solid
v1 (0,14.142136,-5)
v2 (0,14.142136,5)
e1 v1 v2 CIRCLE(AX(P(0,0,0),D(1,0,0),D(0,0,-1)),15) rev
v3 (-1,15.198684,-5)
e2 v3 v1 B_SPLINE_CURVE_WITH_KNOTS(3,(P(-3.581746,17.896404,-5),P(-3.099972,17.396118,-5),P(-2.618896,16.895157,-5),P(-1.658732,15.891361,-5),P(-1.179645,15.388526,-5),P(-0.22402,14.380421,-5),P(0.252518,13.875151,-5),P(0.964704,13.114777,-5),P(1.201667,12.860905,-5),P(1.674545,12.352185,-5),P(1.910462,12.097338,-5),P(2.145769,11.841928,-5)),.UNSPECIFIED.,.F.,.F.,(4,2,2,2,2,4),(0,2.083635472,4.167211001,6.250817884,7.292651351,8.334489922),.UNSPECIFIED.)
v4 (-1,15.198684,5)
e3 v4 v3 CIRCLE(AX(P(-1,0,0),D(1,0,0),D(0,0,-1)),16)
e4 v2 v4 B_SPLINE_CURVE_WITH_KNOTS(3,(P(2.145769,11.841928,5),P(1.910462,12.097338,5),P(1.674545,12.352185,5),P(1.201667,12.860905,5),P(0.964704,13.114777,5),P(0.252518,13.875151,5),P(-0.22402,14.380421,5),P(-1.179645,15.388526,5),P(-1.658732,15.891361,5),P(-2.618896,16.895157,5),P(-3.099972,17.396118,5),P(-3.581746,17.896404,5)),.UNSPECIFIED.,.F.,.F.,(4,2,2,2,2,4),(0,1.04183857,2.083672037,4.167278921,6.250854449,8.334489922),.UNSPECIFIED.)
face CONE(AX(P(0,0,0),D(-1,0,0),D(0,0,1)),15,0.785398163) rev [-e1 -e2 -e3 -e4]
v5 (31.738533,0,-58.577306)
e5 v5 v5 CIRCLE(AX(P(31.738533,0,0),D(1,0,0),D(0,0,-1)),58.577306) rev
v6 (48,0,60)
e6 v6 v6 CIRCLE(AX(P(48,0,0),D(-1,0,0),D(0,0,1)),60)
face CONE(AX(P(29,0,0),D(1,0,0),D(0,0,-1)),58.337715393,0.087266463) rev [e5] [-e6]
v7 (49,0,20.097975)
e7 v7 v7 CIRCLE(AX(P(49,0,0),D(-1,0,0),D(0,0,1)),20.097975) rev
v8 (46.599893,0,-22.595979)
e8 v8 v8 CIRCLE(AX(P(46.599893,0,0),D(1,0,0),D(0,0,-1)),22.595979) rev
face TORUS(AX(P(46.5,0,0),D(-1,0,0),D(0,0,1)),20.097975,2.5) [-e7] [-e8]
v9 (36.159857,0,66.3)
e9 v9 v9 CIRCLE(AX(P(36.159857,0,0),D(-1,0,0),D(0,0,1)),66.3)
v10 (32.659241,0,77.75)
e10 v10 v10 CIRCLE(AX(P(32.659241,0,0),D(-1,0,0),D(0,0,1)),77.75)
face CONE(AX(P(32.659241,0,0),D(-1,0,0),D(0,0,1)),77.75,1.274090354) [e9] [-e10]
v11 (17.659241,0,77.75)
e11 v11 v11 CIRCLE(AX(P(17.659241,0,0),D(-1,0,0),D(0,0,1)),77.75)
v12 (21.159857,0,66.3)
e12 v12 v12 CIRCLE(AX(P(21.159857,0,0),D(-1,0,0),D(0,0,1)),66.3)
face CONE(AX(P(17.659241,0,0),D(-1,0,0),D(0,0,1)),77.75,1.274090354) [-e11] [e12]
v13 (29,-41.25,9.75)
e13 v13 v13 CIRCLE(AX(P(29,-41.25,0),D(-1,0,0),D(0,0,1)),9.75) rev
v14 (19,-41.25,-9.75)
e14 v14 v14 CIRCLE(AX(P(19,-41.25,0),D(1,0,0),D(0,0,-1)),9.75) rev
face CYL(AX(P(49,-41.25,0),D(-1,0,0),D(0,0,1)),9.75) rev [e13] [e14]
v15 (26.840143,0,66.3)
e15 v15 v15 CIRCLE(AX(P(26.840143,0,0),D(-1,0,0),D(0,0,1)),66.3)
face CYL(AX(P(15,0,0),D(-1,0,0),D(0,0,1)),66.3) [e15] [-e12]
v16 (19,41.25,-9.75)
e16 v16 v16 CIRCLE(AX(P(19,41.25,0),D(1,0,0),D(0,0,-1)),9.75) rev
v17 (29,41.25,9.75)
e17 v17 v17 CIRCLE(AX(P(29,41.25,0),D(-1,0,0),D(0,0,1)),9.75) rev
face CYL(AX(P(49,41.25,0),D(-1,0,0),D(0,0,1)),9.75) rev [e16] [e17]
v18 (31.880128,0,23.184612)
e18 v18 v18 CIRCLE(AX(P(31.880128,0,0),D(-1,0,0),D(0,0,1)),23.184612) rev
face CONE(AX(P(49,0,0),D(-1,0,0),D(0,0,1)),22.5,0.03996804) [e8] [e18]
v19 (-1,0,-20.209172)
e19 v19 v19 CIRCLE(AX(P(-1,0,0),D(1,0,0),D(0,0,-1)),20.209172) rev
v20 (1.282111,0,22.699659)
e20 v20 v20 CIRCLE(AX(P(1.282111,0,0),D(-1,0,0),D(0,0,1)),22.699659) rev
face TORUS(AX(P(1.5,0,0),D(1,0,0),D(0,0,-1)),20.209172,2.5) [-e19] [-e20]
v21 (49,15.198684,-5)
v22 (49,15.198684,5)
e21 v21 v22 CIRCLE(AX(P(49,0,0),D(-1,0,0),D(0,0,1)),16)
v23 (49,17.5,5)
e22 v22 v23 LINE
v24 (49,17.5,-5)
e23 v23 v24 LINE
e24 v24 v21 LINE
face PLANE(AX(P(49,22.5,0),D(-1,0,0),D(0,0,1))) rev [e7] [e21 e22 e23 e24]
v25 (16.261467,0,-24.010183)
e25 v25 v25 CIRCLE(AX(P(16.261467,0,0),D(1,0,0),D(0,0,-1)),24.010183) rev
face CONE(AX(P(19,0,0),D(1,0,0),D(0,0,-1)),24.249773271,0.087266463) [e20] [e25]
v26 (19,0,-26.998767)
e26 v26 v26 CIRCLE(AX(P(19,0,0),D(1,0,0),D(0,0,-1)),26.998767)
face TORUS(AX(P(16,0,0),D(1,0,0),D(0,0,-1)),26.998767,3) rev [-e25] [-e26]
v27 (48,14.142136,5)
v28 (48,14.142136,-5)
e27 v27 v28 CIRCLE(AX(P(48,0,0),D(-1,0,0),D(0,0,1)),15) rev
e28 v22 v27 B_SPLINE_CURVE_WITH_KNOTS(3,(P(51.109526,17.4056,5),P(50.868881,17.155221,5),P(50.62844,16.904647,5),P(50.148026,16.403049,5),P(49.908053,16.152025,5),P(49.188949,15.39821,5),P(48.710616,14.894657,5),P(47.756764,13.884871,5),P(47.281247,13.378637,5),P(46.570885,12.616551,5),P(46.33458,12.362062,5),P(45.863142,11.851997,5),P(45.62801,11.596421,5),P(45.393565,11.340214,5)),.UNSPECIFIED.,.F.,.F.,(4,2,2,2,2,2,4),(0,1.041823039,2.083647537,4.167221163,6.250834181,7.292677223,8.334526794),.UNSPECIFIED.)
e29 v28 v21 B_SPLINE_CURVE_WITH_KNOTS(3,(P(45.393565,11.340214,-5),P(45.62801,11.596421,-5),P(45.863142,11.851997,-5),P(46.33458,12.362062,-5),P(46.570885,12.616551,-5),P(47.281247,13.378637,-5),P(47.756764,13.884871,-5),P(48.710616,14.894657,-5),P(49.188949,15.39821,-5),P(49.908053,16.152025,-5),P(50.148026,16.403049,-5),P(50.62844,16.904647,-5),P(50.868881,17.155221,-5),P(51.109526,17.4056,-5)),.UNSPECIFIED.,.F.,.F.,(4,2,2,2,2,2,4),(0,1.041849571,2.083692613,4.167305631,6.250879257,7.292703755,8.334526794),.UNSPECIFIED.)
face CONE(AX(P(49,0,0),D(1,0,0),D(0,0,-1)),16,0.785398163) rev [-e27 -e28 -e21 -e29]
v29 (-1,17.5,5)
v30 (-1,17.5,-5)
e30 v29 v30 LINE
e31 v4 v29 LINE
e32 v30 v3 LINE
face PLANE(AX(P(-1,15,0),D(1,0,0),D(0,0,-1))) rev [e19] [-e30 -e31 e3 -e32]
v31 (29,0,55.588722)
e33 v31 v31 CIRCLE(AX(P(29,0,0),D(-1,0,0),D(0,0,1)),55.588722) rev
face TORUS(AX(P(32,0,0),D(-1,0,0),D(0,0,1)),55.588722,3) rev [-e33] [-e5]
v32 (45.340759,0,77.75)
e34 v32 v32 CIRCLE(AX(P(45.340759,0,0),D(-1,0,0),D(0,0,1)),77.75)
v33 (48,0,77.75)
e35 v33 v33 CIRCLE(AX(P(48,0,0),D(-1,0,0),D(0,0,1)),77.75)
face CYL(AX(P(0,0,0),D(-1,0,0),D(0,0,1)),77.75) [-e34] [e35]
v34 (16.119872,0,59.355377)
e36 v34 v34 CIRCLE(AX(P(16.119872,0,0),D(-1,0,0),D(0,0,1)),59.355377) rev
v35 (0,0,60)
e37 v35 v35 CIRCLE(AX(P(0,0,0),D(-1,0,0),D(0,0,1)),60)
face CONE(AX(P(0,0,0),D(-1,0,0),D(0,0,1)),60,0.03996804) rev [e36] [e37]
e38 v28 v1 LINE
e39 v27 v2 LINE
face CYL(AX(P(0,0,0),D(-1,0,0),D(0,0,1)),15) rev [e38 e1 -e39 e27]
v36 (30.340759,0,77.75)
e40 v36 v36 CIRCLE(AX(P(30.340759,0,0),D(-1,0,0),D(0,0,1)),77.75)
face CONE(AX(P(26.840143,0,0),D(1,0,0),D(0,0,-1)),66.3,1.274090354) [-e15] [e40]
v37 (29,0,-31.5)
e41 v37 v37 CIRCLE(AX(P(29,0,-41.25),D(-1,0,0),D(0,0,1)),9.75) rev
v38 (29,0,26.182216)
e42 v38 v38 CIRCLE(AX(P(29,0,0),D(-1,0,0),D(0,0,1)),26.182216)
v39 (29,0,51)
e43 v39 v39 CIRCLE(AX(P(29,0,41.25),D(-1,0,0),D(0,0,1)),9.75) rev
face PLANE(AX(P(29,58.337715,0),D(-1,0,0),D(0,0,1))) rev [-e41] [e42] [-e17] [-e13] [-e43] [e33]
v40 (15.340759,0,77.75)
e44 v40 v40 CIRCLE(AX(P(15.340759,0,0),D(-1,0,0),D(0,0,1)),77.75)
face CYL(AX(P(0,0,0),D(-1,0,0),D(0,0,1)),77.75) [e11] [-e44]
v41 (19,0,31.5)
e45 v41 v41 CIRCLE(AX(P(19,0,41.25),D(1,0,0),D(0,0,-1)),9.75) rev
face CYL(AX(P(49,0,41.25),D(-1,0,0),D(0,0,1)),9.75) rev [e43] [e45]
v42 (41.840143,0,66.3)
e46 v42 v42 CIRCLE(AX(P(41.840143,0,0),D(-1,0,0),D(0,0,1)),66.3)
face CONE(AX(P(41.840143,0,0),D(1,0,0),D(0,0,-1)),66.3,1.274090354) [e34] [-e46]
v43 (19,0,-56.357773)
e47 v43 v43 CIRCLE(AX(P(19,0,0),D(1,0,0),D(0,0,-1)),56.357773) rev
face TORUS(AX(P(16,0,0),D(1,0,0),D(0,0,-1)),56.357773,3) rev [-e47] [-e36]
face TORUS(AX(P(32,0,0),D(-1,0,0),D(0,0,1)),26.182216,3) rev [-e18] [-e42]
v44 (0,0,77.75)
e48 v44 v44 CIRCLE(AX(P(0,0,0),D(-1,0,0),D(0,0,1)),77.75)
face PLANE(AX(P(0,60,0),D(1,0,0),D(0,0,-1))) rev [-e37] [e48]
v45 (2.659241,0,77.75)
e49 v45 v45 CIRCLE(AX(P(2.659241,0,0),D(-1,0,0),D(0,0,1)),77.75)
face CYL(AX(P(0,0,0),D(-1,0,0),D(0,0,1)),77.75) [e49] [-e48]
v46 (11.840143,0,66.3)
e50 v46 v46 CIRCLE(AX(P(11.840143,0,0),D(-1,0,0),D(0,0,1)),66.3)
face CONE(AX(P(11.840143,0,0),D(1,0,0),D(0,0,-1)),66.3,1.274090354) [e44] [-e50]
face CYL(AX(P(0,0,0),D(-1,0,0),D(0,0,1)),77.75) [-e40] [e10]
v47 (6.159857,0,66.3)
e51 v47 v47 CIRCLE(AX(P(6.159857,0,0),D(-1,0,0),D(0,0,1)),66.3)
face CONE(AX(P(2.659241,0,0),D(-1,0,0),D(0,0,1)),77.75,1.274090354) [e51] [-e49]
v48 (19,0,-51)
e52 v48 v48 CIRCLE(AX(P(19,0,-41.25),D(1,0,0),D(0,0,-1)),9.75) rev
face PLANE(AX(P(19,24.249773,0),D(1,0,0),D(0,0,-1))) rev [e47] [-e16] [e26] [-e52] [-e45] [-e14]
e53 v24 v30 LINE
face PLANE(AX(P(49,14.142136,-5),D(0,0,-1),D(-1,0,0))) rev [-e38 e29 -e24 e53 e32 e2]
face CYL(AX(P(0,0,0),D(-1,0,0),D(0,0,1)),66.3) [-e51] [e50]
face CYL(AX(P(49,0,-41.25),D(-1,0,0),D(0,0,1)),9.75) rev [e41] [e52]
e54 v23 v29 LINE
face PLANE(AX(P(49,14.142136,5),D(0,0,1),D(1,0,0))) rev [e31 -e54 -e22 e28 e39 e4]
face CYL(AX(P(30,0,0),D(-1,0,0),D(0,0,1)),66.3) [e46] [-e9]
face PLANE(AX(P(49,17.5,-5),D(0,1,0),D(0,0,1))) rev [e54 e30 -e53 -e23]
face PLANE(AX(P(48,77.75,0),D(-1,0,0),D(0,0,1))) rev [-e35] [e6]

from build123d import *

# Parameters (mm, degrees)
PATTERN_LINEAR_961_COUNT    = 3
PATTERN_LINEAR_961_PITCH    = 15
CHAMFER_1_SIZE              = 1
SKETCH_4_W                  = 10
SKETCH_4_H                  = 3.357864376
CUT_EXTRUDE_1_DEPTH         = 121.789589783
FILLET_1_R                  = 3
FILLET_2_R                  = 2.5
SKETCH_5_R                  = 9.75
CUT_EXTRUDE_2_DEPTH         = 121.379088716
PATTERN_CIRCULAR_1909_COUNT = 4


with BuildPart() as part:
    # 草图1 → 旋转1 (revolve)
    with BuildSketch(Plane.XY, mode=Mode.PRIVATE) as revolve_1_sk:
        Polygon((-1, 15), (-1, 22.5), (19, 24.249773271), (19, 59.240202621), (0, 60), (0, 77.75), (48, 77.75), (48, 60), (29, 58.337715393), (29, 23.299786714), (49, 22.5), (49, 15), align=None)
    revolve(revolve_1_sk.sketch.rotate(Axis((0, 0, 0), (1, 0, 0)), 90), axis=Axis((0, 0, 0), (1, 0, 0)))

    # 草图2 → 切除-旋转1 (revolve, cut)
    with BuildSketch(Plane.XY, mode=Mode.PRIVATE) as cut_revolve_1_sk:
        Polygon((11.840143071, 66.3), (15.340759374, 77.75), (2.659240626, 77.75), (6.159856929, 66.3), align=None)
    cut_revolve_1 = revolve(cut_revolve_1_sk.sketch.rotate(Axis((0, 0, 0), (1, 0, 0)), 90), axis=Axis((0, 0, 0), (1, 0, 0)), mode=Mode.SUBTRACT)

    # Pattern Linear 961: 切除-旋转1 ×3
    with Locations(*[(i * PATTERN_LINEAR_961_PITCH, 0, 0) for i in range(1, PATTERN_LINEAR_961_COUNT)]):
        add(cut_revolve_1, mode=Mode.SUBTRACT)

    # 倒角1
    chamfer_1_edges = [part.edges().sort_by_distance(p)[0] for p in [
        (-1, 0, -15),
        (49, 0, -15),
    ]]
    chamfer(chamfer_1_edges, length=CHAMFER_1_SIZE)

    # 草图4 → 切除-拉伸1 (cut, through all)
    with BuildSketch(Plane.ZY.offset(1)):
        with Locations((0, 15.821067812)):
            Rectangle(SKETCH_4_W, SKETCH_4_H)
    extrude(amount=-CUT_EXTRUDE_1_DEPTH, mode=Mode.SUBTRACT)

    # 圆角1
    fillet_1_edges = [part.edges().sort_by_distance(p)[0] for p in [
        (19, 0, -59.240202621),
        (19, 0, -24.249773271),
        (29, 0, -23.299786714),
        (29, 0, -58.337715393),
    ]]
    fillet(fillet_1_edges, radius=FILLET_1_R)

    # 圆角2
    fillet_2_edges = [part.edges().sort_by_distance(p)[0] for p in [
        (-1, 0, -22.5),
        (49, 0, -22.5),
    ]]
    fillet(fillet_2_edges, radius=FILLET_2_R)

    # 草图5 → 切除-拉伸2 (cut, through all)
    with BuildSketch(Plane(origin=(0, 0, 0), x_dir=(0, 0, -1), z_dir=(1, 0, 0))):
        with Locations(Location((0, 41.25, 0), (0, 0, 180))):
            Circle(SKETCH_5_R)
    cut_extrude_2 = extrude(amount=CUT_EXTRUDE_2_DEPTH, mode=Mode.SUBTRACT)

    # Pattern Circular 1909: 切除-拉伸2 ×4 about axis
    pattern_circular_1909_axis = Axis((0, 0, 0), (1, 0, 0))
    for i in range(1, PATTERN_CIRCULAR_1909_COUNT):
        add(cut_extrude_2.rotate(pattern_circular_1909_axis, i * 360 / PATTERN_CIRCULAR_1909_COUNT), mode=Mode.SUBTRACT)


solid = part.part
